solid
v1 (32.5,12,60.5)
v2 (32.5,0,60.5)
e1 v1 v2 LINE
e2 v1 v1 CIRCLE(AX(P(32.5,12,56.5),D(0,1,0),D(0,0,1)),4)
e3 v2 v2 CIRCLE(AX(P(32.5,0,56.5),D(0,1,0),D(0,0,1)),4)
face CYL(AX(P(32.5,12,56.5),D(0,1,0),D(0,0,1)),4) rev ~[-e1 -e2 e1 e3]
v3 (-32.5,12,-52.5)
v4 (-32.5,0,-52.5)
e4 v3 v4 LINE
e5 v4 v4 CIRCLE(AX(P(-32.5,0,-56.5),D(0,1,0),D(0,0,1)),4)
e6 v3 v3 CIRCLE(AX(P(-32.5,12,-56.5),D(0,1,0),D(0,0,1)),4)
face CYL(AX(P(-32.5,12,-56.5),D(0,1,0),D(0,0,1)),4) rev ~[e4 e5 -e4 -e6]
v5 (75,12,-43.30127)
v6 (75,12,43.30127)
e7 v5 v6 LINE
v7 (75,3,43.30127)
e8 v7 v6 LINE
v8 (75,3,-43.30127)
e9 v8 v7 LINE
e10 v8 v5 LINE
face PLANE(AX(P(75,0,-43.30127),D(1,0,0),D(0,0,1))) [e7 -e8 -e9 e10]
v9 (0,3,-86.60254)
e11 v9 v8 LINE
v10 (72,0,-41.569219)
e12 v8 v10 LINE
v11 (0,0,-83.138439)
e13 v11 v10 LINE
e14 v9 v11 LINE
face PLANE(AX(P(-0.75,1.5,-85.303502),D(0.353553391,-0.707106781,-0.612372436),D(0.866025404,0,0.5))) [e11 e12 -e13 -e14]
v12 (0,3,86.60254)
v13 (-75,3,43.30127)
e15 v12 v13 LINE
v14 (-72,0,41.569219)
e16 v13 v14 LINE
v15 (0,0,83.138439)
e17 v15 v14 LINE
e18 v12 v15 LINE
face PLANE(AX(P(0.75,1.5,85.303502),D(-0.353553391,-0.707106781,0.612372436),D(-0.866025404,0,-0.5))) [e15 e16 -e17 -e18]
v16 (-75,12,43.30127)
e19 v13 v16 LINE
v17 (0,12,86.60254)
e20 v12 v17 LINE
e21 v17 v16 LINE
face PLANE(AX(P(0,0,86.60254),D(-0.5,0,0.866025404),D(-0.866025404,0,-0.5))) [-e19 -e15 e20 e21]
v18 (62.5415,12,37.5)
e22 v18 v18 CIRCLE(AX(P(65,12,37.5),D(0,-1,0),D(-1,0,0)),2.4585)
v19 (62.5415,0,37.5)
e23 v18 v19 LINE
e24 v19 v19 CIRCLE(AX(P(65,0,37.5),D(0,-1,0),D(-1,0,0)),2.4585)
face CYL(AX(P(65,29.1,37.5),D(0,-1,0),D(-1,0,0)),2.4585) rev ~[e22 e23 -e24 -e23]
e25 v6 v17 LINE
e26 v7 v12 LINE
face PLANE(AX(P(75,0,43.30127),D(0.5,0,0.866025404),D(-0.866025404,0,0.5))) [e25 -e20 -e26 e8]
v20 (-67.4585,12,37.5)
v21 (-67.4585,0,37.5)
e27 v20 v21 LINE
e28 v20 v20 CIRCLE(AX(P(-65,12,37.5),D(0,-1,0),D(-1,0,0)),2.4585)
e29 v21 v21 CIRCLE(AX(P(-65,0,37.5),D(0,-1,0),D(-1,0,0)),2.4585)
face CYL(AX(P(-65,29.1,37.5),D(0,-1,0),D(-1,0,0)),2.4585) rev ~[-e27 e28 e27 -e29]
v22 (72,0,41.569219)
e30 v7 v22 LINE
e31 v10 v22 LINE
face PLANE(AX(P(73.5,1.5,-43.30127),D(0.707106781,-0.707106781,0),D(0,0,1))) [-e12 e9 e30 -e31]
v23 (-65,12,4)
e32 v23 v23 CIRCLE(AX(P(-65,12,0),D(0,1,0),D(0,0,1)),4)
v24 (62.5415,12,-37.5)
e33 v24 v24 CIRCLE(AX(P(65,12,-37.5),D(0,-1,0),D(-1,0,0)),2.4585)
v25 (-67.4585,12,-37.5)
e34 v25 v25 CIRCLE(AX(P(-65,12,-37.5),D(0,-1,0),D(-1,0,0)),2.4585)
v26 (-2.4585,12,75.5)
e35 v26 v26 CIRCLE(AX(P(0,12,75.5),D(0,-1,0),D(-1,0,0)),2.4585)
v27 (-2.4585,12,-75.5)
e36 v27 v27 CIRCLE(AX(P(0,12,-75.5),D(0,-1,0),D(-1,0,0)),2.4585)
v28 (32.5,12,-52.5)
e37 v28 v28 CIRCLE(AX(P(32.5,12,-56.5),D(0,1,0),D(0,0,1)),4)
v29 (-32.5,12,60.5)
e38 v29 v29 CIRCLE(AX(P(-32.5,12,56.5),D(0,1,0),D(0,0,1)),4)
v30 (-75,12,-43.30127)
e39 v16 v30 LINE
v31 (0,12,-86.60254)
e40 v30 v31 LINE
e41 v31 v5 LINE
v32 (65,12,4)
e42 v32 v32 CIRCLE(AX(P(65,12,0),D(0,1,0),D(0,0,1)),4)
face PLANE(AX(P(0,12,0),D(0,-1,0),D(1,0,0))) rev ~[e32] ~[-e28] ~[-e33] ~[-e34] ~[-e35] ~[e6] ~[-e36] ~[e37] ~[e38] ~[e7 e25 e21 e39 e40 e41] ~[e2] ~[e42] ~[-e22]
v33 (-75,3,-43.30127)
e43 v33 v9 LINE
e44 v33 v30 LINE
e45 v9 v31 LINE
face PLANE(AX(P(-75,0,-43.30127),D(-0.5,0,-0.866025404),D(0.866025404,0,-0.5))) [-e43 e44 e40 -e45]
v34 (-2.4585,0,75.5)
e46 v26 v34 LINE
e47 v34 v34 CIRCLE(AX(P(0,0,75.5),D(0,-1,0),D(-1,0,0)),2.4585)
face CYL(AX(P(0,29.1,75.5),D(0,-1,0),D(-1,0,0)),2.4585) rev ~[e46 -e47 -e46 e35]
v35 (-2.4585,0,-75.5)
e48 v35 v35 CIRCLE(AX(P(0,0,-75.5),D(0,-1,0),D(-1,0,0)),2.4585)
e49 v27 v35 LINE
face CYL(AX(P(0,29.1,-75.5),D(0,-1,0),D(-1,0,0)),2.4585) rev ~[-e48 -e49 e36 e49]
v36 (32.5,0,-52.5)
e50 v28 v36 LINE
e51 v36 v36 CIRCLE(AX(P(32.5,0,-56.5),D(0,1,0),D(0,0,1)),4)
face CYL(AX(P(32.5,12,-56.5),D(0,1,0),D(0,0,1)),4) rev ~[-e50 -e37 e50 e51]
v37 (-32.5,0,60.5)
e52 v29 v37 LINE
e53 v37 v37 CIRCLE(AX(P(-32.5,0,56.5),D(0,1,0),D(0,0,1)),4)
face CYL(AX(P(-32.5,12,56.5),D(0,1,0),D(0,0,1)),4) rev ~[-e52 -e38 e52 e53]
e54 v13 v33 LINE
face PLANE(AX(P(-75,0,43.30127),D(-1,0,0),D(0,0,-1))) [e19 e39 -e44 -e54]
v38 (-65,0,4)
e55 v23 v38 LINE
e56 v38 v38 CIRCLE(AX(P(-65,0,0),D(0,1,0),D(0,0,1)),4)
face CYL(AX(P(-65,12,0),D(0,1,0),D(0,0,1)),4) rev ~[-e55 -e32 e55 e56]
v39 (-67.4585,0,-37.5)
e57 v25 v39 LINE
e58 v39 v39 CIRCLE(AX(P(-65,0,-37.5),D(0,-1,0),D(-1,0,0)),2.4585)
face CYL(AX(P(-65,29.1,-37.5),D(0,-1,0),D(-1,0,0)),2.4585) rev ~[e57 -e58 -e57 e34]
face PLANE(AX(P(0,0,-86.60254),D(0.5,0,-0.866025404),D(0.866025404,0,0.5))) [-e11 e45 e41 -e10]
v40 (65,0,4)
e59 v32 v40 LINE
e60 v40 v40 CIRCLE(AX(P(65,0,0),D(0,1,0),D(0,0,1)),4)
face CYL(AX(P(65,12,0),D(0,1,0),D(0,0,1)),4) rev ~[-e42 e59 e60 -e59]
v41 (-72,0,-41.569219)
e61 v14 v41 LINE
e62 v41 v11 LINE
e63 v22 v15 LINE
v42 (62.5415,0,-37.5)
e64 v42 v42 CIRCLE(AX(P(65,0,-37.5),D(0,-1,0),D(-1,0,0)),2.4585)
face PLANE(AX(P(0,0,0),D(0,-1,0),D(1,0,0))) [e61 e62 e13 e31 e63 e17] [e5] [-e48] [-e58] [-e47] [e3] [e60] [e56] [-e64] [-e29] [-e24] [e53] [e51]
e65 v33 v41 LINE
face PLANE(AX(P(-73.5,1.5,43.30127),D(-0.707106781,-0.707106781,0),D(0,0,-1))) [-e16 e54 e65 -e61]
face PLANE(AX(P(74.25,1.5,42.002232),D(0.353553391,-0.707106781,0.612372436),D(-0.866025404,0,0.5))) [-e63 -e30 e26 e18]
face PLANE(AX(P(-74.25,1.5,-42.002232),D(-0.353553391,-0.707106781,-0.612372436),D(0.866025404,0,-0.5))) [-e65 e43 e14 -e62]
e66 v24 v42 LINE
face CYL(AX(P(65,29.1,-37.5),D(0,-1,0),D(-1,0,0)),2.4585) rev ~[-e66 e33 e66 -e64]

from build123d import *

# Parameters (mm, degrees)
EXTRUDE_1_DEPTH     = 12
CHAMFER_1_SIZE      = 3
SKETCH_2_R          = 4
EXTRUDE_2_DEPTH     = 12
HOLE_WIZARD_1_D     = 4.917
HOLE_WIZARD_1_DEPTH = 17.1
HOLE_WIZARD_1_TIP   = 1.477215832


with BuildPart() as part:
    # 草圖1 → 擠出1 (new body)
    with BuildSketch(Plane(origin=(0, 0, 0), x_dir=(-1, 0, 0), z_dir=(0, 1, 0))):
        Polygon((0, -86.602540378), (-75, -43.301270189), (-75, 43.301270189), (0, 86.602540378), (75, 43.301270189), (75, -43.301270189), align=None)
    extrude(amount=EXTRUDE_1_DEPTH)

    # 倒角1
    chamfer_1_edges = [part.edges().sort_by_distance(p)[0] for p in [
        (37.5, 0, -64.951905284),
        (75, 0, 0),
        (37.5, 0, 64.951905284),
        (-37.5, 0, 64.951905284),
        (-75, 0, 0),
        (-37.5, 0, -64.951905284),
    ]]
    chamfer(chamfer_1_edges, length=CHAMFER_1_SIZE)

    # 草圖2 → 擠出2 (cut)
    with BuildSketch(Plane(origin=(0, 12, 0), x_dir=(-1, 0, 0), z_dir=(0, 1, 0))):
        with Locations(Location((-32.5, 56.5, 0), (0, 0, 90))):
            Circle(SKETCH_2_R)
        with Locations(Location((32.5, 56.5, 0), (0, 0, 90))):
            Circle(SKETCH_2_R)
        with Locations(Location((-65, 0, 0), (0, 0, 90))):
            Circle(SKETCH_2_R)
        with Locations(Location((-32.5, -56.5, 0), (0, 0, 90))):
            Circle(SKETCH_2_R)
        with Locations(Location((32.5, -56.5, 0), (0, 0, 90))):
            Circle(SKETCH_2_R)
        with Locations(Location((65, 0, 0), (0, 0, 90))):
            Circle(SKETCH_2_R)
    extrude(amount=-EXTRUDE_2_DEPTH, mode=Mode.SUBTRACT)

    # 孔1
    with Locations(Plane(origin=(0, 12, 0), x_dir=(1, 0, 0), z_dir=(0, 1, 0))):
        with Locations((0, 75.5), (-65, 37.5), (65, 37.5), (-65, -37.5), (65, -37.5), (0, -75.5)):
            Hole(HOLE_WIZARD_1_D / 2, depth=HOLE_WIZARD_1_DEPTH)
            with Locations((0, 0, -(HOLE_WIZARD_1_DEPTH + HOLE_WIZARD_1_TIP / 2))):  # 118° drill point
                Cone(0, HOLE_WIZARD_1_D / 2, HOLE_WIZARD_1_TIP, mode=Mode.SUBTRACT)


solid = part.part
